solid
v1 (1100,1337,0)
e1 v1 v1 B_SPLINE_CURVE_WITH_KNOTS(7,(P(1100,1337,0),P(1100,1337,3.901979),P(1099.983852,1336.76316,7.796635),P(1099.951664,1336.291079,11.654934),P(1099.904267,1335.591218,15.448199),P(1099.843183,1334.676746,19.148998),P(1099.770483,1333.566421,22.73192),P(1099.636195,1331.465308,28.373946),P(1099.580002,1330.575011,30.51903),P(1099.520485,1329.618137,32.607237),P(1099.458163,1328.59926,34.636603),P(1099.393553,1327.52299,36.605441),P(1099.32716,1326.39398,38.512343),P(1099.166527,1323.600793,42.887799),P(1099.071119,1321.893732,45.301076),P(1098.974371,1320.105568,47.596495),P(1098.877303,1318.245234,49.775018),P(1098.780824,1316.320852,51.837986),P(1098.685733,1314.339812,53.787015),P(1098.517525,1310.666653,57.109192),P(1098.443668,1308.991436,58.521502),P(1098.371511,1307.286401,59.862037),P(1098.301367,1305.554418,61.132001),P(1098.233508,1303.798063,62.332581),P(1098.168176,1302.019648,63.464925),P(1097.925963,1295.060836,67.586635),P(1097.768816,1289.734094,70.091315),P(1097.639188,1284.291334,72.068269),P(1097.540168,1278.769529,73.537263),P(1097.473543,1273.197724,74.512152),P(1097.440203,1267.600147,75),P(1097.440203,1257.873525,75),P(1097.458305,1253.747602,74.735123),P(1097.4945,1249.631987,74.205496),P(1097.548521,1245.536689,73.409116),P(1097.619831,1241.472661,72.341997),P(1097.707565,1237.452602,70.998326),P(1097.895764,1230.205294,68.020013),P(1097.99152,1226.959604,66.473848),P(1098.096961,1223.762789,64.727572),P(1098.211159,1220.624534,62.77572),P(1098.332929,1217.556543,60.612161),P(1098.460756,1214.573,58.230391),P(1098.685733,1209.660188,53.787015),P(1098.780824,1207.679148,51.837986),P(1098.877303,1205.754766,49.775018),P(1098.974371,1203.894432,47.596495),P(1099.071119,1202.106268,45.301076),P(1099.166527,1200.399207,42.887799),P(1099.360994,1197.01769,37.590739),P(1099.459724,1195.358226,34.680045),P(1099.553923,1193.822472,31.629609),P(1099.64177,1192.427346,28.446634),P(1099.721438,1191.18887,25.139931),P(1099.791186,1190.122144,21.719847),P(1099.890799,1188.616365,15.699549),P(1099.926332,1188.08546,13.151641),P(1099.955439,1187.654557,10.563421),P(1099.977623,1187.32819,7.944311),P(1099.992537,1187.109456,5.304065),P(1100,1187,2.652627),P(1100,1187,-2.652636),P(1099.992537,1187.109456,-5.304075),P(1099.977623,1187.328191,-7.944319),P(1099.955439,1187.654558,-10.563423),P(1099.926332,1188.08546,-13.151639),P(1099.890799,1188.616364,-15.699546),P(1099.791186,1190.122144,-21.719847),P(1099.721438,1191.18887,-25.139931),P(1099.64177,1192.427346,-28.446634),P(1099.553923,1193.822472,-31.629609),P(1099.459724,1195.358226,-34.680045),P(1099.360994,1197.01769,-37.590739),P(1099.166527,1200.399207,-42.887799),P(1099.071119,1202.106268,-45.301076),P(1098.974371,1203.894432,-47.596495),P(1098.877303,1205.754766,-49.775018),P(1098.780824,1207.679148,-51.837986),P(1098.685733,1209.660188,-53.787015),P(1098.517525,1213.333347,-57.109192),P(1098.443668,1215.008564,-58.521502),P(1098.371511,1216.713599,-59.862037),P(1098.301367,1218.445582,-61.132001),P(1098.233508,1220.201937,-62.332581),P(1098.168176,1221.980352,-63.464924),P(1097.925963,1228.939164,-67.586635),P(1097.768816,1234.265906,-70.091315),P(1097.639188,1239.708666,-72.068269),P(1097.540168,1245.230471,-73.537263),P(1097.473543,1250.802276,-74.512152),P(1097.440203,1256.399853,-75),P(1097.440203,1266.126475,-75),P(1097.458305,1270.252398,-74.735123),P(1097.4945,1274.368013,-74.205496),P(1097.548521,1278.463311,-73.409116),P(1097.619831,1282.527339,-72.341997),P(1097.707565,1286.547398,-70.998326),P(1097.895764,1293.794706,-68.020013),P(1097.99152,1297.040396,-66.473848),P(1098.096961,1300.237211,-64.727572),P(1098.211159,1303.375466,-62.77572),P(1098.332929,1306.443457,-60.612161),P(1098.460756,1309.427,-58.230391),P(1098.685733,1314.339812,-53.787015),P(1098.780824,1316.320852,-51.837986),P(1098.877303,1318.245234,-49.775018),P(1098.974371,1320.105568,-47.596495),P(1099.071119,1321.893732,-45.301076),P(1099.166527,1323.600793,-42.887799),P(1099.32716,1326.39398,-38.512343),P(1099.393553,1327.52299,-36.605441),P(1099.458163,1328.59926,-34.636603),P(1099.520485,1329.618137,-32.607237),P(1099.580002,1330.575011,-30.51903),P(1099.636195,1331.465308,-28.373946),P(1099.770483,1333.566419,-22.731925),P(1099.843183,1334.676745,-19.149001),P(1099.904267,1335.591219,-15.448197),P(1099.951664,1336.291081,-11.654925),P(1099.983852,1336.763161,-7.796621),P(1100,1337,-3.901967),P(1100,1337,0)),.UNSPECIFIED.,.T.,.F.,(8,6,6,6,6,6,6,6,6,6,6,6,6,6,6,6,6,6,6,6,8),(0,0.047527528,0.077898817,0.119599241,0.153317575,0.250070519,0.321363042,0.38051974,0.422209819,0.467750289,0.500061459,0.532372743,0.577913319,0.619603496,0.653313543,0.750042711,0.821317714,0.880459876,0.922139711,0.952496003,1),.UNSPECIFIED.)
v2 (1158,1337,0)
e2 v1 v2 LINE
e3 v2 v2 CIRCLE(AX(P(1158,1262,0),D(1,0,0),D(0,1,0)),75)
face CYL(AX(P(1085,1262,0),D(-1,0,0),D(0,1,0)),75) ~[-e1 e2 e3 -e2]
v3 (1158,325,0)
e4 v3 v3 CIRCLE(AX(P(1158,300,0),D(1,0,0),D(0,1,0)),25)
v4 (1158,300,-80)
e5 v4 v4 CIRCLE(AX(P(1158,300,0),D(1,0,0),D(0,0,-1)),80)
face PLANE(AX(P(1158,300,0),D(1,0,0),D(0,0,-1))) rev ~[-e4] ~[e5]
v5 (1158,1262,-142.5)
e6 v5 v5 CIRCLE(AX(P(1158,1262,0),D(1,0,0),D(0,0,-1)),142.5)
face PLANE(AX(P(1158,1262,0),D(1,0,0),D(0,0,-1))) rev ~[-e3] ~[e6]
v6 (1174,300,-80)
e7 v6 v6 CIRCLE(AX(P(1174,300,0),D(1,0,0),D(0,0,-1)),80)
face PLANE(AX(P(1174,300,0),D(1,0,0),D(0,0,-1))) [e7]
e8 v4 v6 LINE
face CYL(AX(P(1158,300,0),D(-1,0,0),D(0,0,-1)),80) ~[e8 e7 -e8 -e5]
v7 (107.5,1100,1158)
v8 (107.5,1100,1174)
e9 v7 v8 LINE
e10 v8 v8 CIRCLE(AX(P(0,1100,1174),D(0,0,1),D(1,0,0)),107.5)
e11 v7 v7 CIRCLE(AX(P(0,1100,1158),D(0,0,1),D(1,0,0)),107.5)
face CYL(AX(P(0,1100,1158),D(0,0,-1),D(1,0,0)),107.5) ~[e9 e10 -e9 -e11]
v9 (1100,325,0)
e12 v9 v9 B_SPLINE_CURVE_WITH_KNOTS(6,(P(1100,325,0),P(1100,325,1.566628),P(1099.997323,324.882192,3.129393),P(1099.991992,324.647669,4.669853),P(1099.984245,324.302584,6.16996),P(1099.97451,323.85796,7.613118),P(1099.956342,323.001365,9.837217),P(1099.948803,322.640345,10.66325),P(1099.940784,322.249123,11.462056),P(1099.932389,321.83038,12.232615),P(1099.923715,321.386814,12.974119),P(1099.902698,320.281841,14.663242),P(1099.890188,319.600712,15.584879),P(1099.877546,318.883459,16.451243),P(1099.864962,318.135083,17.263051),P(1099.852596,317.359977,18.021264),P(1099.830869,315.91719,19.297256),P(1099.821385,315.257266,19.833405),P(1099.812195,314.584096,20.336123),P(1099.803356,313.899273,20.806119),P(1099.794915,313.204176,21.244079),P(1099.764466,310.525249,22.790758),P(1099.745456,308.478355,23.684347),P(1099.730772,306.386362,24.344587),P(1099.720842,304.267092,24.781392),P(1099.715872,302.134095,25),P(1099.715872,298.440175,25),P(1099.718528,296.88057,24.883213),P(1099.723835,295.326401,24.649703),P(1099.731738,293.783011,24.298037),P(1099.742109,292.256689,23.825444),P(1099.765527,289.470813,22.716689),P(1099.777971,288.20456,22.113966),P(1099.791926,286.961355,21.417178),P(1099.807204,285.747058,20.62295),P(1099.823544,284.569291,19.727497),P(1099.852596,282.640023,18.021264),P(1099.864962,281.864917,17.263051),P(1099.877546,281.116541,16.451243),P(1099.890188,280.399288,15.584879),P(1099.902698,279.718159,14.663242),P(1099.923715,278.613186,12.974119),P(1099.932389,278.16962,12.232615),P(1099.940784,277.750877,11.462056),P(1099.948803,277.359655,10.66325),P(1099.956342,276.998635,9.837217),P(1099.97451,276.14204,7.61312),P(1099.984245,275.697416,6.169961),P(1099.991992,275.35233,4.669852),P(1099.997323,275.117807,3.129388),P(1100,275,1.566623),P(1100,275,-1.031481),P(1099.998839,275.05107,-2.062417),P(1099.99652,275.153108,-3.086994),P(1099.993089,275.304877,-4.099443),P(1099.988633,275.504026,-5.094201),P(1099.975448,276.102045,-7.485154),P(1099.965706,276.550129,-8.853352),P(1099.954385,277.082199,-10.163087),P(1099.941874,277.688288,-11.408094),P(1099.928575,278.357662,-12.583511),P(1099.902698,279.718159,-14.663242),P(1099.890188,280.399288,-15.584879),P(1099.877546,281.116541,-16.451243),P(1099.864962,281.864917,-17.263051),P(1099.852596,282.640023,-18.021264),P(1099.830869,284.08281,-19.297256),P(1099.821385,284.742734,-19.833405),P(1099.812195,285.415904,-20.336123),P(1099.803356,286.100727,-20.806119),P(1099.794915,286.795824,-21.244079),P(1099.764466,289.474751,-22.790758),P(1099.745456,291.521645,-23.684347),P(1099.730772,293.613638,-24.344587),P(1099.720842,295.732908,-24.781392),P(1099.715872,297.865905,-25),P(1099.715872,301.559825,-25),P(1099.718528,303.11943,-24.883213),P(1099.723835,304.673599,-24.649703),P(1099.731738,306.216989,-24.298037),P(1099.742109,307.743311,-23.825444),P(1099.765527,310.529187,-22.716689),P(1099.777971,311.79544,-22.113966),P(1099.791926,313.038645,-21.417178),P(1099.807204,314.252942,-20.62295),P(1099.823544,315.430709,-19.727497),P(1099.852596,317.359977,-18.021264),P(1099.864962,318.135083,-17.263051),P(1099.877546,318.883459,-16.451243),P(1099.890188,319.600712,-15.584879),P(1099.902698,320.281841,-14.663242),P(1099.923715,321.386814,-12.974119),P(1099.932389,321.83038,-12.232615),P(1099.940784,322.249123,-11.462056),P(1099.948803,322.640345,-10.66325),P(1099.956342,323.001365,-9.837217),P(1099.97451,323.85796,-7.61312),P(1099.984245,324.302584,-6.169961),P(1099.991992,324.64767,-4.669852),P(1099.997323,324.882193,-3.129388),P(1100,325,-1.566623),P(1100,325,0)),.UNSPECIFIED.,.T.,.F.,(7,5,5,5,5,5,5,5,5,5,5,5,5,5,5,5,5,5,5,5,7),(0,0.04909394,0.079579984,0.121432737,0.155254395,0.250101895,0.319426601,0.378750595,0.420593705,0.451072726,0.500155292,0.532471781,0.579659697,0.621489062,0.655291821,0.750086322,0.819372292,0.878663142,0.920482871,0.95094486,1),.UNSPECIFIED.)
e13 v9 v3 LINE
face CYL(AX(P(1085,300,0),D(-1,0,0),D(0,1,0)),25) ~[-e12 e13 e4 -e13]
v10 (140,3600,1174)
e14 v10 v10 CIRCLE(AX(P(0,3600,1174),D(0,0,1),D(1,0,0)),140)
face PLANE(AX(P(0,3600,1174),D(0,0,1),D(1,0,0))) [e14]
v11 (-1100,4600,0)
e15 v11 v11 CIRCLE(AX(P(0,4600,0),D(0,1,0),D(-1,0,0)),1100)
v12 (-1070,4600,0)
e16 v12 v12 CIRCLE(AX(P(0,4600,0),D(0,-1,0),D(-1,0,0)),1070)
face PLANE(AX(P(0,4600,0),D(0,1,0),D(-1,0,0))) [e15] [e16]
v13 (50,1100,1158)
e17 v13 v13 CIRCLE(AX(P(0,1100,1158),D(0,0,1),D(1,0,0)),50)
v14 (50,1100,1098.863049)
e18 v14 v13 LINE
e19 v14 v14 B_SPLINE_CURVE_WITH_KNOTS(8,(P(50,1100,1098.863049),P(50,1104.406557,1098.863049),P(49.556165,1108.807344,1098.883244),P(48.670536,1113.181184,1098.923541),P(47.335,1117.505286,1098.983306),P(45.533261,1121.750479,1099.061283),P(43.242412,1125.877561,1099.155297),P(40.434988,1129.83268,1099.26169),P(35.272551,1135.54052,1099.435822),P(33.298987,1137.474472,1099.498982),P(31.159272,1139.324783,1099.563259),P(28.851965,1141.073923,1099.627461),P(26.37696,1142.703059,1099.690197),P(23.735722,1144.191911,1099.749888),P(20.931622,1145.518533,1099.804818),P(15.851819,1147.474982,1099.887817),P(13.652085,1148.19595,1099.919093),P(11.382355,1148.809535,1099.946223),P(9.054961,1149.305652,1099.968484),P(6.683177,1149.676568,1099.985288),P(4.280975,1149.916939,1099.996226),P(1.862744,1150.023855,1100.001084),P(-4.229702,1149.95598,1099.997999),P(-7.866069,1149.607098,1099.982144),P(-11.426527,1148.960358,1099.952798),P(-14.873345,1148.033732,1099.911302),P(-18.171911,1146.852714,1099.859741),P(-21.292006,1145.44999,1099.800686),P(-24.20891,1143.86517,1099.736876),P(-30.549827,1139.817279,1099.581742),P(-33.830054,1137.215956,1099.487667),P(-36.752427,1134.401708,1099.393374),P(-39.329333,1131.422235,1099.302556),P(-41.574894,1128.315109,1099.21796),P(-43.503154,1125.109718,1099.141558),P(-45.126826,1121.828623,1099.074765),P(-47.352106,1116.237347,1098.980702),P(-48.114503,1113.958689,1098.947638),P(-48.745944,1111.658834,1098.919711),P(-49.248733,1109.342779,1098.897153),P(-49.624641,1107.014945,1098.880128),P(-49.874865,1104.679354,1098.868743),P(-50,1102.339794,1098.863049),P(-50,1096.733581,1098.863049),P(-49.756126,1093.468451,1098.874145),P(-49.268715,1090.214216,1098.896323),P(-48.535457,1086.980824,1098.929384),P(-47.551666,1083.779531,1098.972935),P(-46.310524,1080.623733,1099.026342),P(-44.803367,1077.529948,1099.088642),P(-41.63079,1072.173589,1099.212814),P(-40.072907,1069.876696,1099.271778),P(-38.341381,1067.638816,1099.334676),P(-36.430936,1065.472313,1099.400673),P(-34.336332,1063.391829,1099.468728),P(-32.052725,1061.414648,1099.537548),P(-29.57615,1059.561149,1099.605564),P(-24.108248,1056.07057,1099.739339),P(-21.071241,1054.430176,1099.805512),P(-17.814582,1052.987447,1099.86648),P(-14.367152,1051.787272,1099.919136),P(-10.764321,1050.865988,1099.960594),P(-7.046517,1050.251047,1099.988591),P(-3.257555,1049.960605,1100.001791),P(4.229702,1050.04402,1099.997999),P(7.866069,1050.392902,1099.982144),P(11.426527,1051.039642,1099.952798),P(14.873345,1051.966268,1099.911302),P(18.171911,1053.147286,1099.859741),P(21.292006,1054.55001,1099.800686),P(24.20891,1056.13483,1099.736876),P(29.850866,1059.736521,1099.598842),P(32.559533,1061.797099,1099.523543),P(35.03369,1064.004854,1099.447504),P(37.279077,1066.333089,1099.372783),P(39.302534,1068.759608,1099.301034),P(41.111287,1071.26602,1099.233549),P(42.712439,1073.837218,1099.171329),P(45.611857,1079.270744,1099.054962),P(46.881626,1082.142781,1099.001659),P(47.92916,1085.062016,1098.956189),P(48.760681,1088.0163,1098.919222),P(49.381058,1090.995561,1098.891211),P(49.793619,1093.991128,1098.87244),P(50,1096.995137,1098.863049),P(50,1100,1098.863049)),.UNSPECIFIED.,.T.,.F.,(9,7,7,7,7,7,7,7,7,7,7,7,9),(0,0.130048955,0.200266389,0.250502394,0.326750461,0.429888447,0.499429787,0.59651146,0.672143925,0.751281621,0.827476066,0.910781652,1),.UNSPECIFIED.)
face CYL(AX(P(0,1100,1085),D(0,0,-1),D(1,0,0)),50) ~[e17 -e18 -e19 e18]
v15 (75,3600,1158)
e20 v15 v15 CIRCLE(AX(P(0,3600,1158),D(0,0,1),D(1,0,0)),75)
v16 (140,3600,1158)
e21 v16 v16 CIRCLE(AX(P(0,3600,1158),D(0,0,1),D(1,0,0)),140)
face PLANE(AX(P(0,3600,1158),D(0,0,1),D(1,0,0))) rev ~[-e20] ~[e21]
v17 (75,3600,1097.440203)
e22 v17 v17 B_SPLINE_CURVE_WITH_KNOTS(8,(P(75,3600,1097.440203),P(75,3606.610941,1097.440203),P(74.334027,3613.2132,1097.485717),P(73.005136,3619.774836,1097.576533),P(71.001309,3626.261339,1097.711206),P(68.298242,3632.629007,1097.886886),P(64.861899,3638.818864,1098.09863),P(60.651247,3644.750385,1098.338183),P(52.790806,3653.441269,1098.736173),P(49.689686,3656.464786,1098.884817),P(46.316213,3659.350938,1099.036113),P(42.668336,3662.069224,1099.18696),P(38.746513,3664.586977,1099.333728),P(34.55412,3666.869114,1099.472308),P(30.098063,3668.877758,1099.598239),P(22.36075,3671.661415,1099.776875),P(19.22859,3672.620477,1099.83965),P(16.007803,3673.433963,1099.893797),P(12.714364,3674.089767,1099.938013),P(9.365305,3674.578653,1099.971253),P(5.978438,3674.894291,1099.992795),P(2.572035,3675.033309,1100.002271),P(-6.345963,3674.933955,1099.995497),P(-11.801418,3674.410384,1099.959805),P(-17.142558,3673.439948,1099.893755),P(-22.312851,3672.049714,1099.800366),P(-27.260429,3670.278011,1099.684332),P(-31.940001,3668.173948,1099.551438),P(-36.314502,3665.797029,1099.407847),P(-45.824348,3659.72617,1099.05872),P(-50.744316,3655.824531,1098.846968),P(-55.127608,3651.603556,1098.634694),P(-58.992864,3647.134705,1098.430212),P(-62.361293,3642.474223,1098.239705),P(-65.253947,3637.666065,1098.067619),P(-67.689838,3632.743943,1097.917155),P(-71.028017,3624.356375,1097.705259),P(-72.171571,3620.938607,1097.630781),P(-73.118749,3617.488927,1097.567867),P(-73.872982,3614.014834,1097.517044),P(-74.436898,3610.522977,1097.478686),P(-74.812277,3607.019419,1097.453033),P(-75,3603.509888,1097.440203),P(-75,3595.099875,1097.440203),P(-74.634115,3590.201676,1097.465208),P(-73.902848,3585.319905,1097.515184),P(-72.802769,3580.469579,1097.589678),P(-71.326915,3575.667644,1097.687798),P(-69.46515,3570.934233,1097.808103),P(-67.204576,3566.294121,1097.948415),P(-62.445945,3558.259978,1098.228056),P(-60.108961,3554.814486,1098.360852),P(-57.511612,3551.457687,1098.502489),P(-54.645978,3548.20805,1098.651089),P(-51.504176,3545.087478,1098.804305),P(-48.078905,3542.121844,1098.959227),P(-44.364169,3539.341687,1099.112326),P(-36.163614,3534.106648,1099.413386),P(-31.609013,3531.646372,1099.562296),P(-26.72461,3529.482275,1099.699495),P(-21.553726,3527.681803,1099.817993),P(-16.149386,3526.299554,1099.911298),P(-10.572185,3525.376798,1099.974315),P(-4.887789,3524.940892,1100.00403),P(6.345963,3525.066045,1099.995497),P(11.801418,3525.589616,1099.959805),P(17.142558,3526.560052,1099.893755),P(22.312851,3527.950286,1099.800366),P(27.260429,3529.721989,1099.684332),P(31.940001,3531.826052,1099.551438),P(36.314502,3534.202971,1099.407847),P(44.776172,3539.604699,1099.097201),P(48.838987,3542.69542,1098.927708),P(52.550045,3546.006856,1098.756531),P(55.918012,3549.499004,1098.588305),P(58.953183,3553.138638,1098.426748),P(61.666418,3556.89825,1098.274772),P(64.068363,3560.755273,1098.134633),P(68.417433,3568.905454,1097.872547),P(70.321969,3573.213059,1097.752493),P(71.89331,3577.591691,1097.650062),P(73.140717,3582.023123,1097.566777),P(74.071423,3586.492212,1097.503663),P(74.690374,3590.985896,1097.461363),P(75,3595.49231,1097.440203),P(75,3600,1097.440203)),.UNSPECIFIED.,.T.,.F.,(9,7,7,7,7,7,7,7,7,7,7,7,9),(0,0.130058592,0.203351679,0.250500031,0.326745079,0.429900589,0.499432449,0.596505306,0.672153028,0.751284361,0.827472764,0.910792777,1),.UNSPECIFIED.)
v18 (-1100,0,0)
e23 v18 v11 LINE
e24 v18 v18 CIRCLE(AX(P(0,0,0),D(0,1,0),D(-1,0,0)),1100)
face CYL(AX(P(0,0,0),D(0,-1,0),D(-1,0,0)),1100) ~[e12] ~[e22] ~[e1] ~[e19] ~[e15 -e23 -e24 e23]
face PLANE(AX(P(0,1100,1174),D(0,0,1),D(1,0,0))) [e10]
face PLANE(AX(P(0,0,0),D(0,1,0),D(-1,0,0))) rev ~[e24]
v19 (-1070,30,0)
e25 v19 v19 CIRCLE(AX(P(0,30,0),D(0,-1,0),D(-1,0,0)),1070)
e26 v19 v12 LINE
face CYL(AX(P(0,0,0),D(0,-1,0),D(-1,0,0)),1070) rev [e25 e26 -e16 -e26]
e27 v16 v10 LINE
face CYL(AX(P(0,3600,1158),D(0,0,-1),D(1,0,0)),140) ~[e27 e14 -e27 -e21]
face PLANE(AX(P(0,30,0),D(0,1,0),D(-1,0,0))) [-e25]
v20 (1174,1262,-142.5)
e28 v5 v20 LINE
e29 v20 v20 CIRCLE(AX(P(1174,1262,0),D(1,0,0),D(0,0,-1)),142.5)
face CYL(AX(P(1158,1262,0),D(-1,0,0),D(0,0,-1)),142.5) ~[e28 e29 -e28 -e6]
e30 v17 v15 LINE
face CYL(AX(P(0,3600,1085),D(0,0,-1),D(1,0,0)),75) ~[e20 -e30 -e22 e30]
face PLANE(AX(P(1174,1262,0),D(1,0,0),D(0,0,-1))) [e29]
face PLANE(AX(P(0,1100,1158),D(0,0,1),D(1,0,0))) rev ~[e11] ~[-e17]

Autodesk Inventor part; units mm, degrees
ref_plane "XZ Plane" through (0, 0, 0) normal (0, 1, 0) x (-1, 0, 0)
sketch "Sketch1" plane through (0, 0, 0) normal (0, 1, 0) x (-1, 0, 0)
  circle A0 centre (0, 0) radius 1100
  dimension "d0" = 2200
extrude "Extrusion1" add sketch "Sketch1" along normal blind 4600
shell "Shell1" thickness 30 removed faces 1 at (308.7984, 4600, -93.6109)
ref_plane "Work Plane1" through (0, 0, 1085) normal (0, 0, 1) x (1, 0, 0)
sketch "Sketch2" plane through (0, 0, 1085) normal (0, 0, 1) x (1, 0, 0)
  circle A0 centre (0, 1100) radius 50
  line L0 (1100, 0) -> (-1100, 0) projected
  point P0 (0, 0)
  point P1 (0, 0)
  dimension "d5" = 100
  dimension "d7" = 1100
extrude "Extrusion2" add sketch "Sketch2" along normal blind 73
sketch "Sketch4" plane through (0, 0, 1085) normal (0, 0, 1) x (1, 0, 0)
  circle A0 centre (0, 3600) radius 75
  point P0 (0, 0)
  dimension "d12" = 150
  dimension "d13" = 3600
extrude "Extrusion3" add sketch "Sketch4" along normal blind 73
ref_plane "Work Plane3" through (1085, 0, 0) normal (1, 0, 0) x (0, 1, 0)
sketch "Sketch5" plane through (1085, 0, 0) normal (1, 0, 0) x (0, 1, 0)
  circle A0 centre (1262, 0) radius 75
  point P0 (0, 0)
  dimension "d17" = 150
  dimension "d18" = 1262
extrude "Extrusion4" add sketch "Sketch5" along normal blind 73
sketch "Sketch9" plane through (1085, 0, 0) normal (1, 0, 0) x (0, 1, 0)
  circle A0 centre (300, 0) radius 25
  point P0 (0, 0)
  dimension "d30" = 50
  dimension "d31" = 300
extrude "Extrusion8" add sketch "Sketch9" along normal blind 73
sketch "Sketch8" plane through (0, 1100, 1158) normal (0, 0, 1) x (1, 0, 0)
  circle A0 centre (0, 0) radius 50 projected
  circle A1 centre (0, 0) radius 107.5
  point P0 (0, -1100)
  dimension "d27" = 215
extrude "Extrusion7" add sketch "Sketch8" along normal blind 16 contours A0 | A1
sketch "Sketch7" plane through (0, 3600, 1158) normal (0, 0, 1) x (1, 0, 0)
  circle A0 centre (0, 0) radius 75 projected
  circle A1 centre (0, 0) radius 140
  point P0 (0, -3600)
  dimension "d24" = 280
extrude "Extrusion6" add sketch "Sketch7" along normal blind 16 contours A0 | A1
sketch "Sketch10" plane through (1158, 300, 0) normal (1, 0, 0) x (0, 0, -1)
  circle A0 centre (0, 0) radius 25 projected
  circle A1 centre (0, 0) radius 80
  point P0 (0, -300)
  dimension "d34" = 160
extrude "Extrusion9" add sketch "Sketch10" along normal blind 16 contours A0 | A1
sketch "Sketch6" plane through (1158, 1262, 0) normal (1, 0, 0) x (0, 0, -1)
  circle A0 centre (0, 0) radius 142.5
  circle A1 centre (0, 0) radius 75 projected
  point P0 (0, -1262)
  dimension "d21" = 285
extrude "Extrusion5" add sketch "Sketch6" along normal blind 16 contours A0 | A1
properties part number "Резервуар сбора осветленной воды"
